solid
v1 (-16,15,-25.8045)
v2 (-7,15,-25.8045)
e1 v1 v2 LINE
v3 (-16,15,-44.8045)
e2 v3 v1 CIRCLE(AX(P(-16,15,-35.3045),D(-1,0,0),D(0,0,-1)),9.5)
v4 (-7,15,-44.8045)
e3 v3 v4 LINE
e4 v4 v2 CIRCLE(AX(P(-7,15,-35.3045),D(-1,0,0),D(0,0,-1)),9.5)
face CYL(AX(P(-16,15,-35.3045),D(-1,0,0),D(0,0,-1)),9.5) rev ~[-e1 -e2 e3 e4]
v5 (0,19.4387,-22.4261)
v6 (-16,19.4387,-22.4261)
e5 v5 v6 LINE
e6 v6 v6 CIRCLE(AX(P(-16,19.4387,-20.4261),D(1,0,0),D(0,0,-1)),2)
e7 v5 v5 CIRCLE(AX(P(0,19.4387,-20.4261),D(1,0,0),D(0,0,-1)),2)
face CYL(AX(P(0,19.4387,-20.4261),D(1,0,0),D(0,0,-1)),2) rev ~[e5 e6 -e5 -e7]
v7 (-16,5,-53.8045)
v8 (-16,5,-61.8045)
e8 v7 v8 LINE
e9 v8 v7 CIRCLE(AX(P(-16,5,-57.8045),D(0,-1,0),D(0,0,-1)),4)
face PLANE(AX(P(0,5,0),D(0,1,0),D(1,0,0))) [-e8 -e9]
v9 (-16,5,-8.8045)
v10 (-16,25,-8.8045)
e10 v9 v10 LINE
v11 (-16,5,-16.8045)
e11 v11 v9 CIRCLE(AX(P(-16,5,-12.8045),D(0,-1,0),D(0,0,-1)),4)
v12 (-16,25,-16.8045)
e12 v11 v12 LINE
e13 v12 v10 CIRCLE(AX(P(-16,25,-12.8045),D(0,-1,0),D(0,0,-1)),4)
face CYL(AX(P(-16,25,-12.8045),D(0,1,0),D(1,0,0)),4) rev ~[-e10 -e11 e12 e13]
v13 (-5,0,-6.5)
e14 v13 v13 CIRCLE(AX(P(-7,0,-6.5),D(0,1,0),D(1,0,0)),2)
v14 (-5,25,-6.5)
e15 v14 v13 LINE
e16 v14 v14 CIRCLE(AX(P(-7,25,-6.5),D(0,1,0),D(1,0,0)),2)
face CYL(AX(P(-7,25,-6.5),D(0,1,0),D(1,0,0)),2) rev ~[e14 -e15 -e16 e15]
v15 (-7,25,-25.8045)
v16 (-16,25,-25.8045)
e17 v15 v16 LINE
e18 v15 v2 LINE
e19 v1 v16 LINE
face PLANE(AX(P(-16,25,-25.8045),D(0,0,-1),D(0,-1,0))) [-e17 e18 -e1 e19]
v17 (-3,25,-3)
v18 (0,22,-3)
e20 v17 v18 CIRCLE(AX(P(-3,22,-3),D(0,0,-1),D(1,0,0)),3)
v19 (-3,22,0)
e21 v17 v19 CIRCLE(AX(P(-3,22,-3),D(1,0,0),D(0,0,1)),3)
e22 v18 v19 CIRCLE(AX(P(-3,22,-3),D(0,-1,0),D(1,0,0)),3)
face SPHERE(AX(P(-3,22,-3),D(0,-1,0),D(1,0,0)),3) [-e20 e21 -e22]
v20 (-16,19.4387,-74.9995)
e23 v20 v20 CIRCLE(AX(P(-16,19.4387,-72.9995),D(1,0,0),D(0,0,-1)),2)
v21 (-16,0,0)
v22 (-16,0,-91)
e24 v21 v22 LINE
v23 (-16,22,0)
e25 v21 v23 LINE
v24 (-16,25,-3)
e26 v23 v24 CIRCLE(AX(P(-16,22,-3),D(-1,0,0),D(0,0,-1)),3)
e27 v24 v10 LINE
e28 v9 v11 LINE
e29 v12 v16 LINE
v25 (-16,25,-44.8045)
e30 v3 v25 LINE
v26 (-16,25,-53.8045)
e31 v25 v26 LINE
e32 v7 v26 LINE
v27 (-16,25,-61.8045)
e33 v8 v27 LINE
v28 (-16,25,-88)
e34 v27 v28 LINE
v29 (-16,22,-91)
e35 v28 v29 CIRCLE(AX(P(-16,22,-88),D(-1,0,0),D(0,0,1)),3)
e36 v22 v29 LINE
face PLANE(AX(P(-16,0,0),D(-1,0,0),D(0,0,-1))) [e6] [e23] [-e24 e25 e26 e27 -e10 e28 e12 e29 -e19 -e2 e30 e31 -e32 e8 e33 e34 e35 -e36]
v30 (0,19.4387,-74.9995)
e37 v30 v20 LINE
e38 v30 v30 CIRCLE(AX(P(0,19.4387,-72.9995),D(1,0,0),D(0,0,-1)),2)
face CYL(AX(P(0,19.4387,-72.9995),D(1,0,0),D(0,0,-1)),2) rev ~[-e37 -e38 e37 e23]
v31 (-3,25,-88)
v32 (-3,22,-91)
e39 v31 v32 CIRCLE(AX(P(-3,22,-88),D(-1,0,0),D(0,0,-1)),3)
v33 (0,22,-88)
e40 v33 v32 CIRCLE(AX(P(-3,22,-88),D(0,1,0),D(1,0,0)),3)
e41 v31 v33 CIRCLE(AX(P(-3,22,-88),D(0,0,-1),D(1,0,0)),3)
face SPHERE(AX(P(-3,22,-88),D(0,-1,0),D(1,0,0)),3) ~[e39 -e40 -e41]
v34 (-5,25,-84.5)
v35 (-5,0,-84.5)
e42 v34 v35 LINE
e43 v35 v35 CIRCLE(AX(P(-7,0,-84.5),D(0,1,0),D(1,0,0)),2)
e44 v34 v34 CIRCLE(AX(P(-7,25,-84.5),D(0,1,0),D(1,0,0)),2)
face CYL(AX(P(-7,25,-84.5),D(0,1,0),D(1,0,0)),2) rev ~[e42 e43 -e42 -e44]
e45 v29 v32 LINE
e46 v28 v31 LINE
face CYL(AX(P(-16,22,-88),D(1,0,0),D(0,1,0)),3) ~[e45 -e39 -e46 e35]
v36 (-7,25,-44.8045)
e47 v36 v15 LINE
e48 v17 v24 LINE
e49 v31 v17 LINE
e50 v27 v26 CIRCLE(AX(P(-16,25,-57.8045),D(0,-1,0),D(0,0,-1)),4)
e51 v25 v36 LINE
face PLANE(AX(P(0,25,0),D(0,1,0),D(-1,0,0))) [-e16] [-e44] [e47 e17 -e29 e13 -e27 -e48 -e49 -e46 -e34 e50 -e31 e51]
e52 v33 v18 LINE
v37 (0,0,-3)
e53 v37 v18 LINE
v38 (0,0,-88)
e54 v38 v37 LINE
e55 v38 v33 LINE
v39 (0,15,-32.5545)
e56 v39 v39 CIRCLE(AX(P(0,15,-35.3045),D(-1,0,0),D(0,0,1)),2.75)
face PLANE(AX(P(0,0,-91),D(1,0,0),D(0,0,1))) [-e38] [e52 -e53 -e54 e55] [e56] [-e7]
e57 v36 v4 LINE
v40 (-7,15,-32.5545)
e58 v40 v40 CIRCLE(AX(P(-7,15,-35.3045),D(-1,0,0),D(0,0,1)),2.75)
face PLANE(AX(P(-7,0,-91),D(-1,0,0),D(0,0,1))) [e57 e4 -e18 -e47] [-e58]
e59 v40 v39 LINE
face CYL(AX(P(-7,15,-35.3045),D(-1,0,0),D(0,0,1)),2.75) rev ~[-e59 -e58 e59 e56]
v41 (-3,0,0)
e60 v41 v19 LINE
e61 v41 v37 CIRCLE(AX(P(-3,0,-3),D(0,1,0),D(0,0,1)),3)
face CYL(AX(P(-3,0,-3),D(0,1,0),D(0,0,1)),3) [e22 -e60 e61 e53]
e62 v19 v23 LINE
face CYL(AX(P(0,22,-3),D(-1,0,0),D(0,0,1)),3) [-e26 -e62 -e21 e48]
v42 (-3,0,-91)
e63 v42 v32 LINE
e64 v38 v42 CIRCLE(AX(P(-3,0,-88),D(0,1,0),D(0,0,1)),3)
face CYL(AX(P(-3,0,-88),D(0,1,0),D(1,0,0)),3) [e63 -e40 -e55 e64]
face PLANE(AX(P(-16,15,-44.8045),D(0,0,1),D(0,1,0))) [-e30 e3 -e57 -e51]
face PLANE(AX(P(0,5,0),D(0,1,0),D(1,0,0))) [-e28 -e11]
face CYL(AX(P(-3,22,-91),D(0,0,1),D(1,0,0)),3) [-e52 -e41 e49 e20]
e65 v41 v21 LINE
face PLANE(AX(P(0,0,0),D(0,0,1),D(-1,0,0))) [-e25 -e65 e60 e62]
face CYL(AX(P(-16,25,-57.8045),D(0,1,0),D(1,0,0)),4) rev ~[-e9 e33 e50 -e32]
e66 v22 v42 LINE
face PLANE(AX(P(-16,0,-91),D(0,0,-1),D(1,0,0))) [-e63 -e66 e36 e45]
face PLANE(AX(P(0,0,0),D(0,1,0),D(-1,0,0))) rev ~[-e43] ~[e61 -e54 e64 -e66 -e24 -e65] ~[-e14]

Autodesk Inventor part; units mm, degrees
ref_plane "YZ Plane" through (0, 0, 0) normal (1, 0, 0) x (0, 1, 0)
ref_plane "XZ Plane" through (0, 0, 0) normal (0, 1, 0) x (-1, 0, 0)
ref_plane "XY Plane" through (0, 0, 0) normal (0, 0, 1) x (1, 0, 0)
sketch "Sketch1" plane through (0, 0, 0) normal (0, 1, 0) x (-1, 0, 0)
  line L0 (0, 0) -> (16, 0)
  line L1 (16, 0) -> (16, -91)
  line L2 (16, -91) -> (0, -91)
  line L3 (0, -91) -> (0, 0)
  dimension "d0" = 16
  dimension "d1" = 91
extrude "Extrusion1" add sketch "Sketch1" along normal blind 25
sketch "Sketch2" plane through (0, 25, 0) normal (0, 1, 0) x (1, 0, 0)
  line L0 (-16, 91) -> (-16, 0) projected
  circle A0 centre (-16, 12.8045) radius 4
  circle A1 centre (-16, 57.8045) radius 4
  point P0 (0, 0)
  dimension "d4" = 8
  dimension "d5" = 8
  dimension "d6" = 45
extrude "Extrusion2" cut sketch "Sketch2" against normal blind 20
fillet "Fillet1" radius 3 5 edges at (0, 12.5, -91) (0, 12.5, 0) (0, 25, -45.5) (-8, 25, -91) (-8, 25, 0)
sketch "Sketch3" plane through (0, 25, 0) normal (0, 1, 0) x (1, 0, 0)
  circle A0 centre (-7, 6.5) radius 2
  circle A1 centre (-7, 84.5) radius 2
  line L0 (-16, 8.8045) -> (-16, 3) projected
  line L1 (-16, 53.8045) -> (-16, 16.8045) projected
  line L2 (-16, 88) -> (-16, 61.8045) projected
  point P0 (0, 0)
  dimension "d10" = 4
  dimension "d12" = 4
  dimension "d15" = 9
  dimension "d17" = 9
  dimension "d18" = 6.5
sketch "Sketch4" plane through (0, 0, -3) normal (1, 0, 0) x (0, 0, -1)
  circle A0 centre (17.4261, 19.4387) radius 2
  circle A1 centre (69.9995, 19.4387) radius 2
  point P0 (-3, 0)
  dimension "d21" = 4
  dimension "d22" = 4
extrude "Extrusion4" cut sketch "Sketch4" against normal blind 30
sketch "Sketch5" plane through (-16, 0, -91) normal (-1, 0, 0) x (0, 0, 1)
  point P0 (91, 0)
sketch "Sketch6" plane through (-16, 0, -91) normal (-1, 0, 0) x (0, 0, 1)
  arc A0 (46.1955, 15) -> (65.1955, 15) centre (55.6955, 15) ccw
  line L0 (37.1955, 25) -> (37.1955, 5) projected
  line L1 (37.1955, 25) -> (74.1955, 25) projected
  line L2 (46.1955, 15) -> (46.1955, 30.0529)
  line L3 (46.1955, 30.0529) -> (65.1955, 30.0529)
  line L4 (65.1955, 30.0529) -> (65.1955, 15)
  point P0 (91, 0)
  dimension "d25" = 19
  dimension "d26" = 18.5
  dimension "d27" = 10
extrude "Extrusion5" cut sketch "Sketch6" against normal blind 9
sketch "Sketch7" plane through (-7, 0, -91) normal (-1, 0, 0) x (0, 0, 1)
  circle A0 centre (55.6955, 15) radius 2.75
  line L0 (37.1955, 25) -> (37.1955, 5) projected
  point P0 (91, 0)
  dimension "d30" = 5.5
  dimension "d31" = 18.5
extrude "Extrusion6" cut sketch "Sketch7" against normal blind 30
extrude "Extrusion7" cut sketch "Sketch3" against normal blind 30
properties part number "motorothersideradrod"
